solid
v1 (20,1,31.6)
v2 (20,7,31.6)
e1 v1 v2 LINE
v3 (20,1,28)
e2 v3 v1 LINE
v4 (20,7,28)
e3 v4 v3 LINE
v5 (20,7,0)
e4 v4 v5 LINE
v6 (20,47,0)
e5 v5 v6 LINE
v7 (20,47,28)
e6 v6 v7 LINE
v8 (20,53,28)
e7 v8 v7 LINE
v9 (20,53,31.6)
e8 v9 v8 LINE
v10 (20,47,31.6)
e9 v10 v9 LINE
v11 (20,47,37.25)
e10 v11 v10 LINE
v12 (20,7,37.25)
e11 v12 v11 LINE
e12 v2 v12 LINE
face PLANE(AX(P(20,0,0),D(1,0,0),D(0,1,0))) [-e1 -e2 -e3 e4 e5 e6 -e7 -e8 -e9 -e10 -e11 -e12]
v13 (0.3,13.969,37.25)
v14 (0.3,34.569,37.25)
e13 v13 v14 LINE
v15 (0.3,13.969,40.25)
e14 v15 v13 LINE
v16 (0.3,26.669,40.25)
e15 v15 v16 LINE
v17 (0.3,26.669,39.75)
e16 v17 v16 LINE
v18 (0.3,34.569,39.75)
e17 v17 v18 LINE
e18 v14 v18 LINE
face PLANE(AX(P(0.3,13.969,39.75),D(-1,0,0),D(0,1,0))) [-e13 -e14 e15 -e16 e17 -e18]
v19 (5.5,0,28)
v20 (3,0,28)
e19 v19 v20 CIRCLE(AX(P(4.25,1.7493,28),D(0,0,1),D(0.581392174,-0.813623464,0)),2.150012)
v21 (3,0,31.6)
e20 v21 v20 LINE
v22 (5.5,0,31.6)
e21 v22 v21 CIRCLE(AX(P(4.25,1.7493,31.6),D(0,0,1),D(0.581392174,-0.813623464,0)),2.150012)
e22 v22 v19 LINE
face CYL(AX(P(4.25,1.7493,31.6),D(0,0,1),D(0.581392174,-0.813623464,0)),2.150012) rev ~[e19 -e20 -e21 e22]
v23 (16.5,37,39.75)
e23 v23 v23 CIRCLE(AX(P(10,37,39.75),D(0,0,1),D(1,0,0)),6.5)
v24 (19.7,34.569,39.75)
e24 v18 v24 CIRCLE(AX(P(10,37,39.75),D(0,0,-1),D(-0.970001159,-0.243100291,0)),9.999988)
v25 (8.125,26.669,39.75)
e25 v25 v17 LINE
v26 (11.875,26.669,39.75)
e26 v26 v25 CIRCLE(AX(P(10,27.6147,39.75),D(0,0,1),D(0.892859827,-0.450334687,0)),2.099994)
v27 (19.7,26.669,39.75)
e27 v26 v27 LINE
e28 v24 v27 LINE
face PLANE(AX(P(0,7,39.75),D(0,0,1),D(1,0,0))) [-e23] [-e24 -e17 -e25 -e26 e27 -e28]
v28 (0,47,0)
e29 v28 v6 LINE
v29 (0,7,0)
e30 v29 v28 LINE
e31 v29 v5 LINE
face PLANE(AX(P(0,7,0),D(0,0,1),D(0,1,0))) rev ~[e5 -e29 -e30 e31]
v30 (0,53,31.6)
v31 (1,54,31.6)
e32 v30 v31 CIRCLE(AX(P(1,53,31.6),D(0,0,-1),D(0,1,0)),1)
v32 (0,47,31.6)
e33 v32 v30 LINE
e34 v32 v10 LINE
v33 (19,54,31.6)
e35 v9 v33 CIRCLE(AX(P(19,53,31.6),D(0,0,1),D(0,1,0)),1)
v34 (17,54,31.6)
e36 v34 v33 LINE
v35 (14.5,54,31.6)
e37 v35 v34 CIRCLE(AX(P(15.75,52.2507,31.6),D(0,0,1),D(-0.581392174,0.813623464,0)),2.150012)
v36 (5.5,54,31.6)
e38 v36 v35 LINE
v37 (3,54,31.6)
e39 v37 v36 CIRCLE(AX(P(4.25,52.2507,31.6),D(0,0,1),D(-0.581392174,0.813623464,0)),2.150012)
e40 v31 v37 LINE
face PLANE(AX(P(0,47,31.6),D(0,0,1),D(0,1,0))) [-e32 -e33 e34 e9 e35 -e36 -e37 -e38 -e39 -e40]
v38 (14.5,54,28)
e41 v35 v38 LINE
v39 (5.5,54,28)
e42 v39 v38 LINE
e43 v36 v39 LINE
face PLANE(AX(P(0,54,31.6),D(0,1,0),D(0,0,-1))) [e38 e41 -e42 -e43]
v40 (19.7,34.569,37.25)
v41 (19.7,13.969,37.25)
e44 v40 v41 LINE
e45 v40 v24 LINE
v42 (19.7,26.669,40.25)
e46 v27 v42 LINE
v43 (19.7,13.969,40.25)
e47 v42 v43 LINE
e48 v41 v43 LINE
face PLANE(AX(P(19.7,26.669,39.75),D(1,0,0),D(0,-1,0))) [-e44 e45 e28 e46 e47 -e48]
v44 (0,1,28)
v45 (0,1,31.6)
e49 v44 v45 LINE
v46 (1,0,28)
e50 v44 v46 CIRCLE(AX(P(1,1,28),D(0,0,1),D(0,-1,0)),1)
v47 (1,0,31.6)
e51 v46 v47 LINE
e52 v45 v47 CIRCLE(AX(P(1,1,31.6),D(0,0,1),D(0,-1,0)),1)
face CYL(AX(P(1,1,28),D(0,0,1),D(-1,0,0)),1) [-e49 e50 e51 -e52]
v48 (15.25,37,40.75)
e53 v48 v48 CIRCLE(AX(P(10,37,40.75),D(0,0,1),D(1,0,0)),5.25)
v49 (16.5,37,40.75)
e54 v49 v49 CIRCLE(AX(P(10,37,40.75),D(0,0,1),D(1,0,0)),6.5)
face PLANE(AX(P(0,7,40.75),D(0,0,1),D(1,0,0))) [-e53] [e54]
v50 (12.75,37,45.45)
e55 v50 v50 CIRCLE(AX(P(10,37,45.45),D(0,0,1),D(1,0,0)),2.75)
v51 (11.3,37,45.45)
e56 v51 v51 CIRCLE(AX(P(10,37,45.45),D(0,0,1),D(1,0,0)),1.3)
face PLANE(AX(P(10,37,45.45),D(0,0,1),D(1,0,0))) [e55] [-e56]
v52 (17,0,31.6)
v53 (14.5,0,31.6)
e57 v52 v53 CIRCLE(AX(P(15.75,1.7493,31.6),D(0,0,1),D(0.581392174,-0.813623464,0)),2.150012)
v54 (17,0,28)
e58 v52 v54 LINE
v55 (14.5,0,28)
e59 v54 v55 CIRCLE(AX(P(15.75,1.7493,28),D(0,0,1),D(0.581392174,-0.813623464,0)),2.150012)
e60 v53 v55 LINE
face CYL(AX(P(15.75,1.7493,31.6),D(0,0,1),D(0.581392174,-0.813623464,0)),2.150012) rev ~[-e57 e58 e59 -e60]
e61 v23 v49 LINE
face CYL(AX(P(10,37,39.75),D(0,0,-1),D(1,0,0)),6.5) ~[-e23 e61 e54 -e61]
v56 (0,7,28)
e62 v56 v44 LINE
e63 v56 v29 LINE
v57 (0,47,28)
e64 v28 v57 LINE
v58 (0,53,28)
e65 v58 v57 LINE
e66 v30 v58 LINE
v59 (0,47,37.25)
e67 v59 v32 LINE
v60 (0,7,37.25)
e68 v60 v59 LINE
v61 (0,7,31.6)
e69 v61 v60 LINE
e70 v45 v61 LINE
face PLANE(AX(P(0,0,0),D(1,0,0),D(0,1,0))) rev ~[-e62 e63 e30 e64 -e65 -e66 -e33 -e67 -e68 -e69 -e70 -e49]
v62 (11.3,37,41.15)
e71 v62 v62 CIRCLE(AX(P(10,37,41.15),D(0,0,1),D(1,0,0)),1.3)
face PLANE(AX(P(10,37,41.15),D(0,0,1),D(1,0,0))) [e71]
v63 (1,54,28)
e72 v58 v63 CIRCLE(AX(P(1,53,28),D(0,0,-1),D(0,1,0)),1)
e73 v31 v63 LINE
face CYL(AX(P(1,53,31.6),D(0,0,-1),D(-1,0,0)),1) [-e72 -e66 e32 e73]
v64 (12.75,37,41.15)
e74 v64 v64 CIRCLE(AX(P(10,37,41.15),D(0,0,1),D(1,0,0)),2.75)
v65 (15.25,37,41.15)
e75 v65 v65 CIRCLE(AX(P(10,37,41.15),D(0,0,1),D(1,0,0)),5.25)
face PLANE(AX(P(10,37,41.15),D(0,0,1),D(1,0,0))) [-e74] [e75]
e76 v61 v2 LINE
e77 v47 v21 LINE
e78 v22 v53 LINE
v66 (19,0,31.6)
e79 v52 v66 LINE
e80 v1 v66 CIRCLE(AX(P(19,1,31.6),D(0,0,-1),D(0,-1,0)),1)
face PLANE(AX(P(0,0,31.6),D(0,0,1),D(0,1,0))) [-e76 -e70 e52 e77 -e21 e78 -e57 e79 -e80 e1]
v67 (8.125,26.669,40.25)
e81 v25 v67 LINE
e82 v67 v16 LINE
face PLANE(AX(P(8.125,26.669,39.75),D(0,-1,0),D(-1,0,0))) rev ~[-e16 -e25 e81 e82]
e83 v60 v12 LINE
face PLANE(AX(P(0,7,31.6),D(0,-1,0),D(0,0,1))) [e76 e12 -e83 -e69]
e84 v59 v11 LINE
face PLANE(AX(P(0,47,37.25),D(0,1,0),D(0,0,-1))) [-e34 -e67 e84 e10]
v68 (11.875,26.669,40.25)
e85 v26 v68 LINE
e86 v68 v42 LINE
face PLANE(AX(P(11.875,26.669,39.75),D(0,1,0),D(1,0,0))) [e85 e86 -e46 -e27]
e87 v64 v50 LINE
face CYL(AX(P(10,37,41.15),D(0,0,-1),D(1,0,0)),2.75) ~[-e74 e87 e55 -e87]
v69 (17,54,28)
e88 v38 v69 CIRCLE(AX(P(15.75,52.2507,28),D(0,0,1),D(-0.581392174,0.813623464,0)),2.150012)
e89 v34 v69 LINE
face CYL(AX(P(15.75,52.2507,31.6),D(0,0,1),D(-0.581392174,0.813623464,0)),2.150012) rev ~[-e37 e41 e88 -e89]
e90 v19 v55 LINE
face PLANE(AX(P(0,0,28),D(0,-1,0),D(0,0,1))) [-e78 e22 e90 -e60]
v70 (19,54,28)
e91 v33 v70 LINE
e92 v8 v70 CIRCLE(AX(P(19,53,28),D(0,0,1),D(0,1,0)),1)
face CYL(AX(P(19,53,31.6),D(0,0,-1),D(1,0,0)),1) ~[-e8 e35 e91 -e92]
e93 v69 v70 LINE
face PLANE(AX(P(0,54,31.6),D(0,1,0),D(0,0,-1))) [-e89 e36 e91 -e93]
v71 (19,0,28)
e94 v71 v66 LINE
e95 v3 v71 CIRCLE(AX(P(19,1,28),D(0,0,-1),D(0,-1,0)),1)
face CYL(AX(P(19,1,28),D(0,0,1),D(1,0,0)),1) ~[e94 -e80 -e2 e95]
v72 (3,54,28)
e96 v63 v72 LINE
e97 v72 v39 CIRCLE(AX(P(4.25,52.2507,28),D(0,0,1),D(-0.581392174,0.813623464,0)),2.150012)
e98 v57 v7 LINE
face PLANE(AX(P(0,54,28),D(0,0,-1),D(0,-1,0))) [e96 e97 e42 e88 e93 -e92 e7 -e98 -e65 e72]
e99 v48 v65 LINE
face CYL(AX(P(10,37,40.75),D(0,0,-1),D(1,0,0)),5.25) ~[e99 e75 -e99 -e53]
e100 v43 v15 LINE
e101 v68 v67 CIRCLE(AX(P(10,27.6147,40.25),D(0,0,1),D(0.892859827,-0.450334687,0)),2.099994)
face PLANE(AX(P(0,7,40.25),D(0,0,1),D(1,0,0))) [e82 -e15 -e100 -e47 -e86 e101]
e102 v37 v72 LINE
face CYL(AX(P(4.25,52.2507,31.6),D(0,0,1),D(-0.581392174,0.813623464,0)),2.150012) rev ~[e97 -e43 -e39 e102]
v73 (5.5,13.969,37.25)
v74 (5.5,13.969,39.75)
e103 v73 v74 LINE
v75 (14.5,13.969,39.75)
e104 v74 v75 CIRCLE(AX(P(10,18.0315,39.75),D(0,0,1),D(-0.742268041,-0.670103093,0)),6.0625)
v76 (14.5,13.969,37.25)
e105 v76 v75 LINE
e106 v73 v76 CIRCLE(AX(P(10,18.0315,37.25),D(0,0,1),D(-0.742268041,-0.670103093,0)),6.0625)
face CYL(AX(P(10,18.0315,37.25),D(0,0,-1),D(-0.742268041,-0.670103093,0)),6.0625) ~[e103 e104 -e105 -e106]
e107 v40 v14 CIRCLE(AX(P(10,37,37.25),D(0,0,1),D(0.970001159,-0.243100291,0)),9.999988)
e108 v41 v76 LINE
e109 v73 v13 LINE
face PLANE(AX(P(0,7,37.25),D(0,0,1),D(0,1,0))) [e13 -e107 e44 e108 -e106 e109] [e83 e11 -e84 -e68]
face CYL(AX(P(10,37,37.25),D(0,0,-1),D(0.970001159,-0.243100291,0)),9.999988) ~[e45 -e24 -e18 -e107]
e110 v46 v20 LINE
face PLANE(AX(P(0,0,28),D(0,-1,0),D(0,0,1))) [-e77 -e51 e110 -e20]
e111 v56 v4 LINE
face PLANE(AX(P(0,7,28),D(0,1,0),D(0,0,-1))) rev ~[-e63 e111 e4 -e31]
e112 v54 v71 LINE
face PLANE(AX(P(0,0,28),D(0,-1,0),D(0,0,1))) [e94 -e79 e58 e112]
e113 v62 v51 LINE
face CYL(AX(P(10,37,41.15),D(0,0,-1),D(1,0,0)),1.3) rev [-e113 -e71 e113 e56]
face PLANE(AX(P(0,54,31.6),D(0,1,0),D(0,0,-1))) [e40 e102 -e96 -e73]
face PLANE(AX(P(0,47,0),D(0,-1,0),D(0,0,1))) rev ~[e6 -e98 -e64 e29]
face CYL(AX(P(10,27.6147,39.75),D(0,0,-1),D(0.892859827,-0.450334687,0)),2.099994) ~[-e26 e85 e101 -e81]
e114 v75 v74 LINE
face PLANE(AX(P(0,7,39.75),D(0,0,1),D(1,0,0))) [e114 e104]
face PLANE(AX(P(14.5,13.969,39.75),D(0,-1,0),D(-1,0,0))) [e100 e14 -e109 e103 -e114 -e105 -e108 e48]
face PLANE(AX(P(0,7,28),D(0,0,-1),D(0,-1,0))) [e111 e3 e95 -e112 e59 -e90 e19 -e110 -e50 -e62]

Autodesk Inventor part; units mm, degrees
ref_plane "YZ Plane" through (0, 0, 0) normal (1, 0, 0) x (0, 1, 0)
ref_plane "XZ Plane" through (0, 0, 0) normal (0, 1, 0) x (-1, 0, 0)
ref_plane "XY Plane" through (0, 0, 0) normal (0, 0, 1) x (1, 0, 0)
sketch "Sketch1" plane through (0, 0, 0) normal (1, 0, 0) x (0, 1, 0)
  line L0 (0, 0) -> (0, 38) construction
  line L1 (7, 0) -> (47, 0)
  line L2 (0, 0) -> (7, 0)
  line L3 (7, 0) -> (47, 0)
  line L4 (47, 0) -> (47, 28)
  line L5 (7, 28) -> (7, 0)
  line L6 (47, 28) -> (54, 28) construction
  line L7 (54, 0) -> (54, 47.2) construction
  line L8 (54, 47.2) -> (0, 47.2) construction
  line L9 (0, 28) -> (0, 31.6)
  line L10 (54, 31.6) -> (54, 28)
  line L11 (7, 31.6) -> (7, 37.25)
  line L12 (7, 37.25) -> (47, 37.25)
  line L13 (47, 37.25) -> (47, 31.6)
  line L14 (0, 31.6) -> (7, 31.6)
  line L15 (47, 31.6) -> (54, 31.6)
  line L16 (54, 28) -> (47, 28)
  line L17 (7, 28) -> (0, 28)
  dimension "d0" = 38
  dimension "d1" = 54
  dimension "d3" = 40
  dimension "d4" = 28
  dimension "d5" = 47.2
  dimension "d6" = 3.6
  dimension "d7" = 5.65
  dimension "d49" = 28
  dimension "d50" = 5.65
  dimension "d51" = 3.6
extrude "Extrusion1" add sketch "Sketch1" along normal blind 20
sketch "Sketch2" plane through (0, 7, 37.25) normal (0, 0, 1) x (1, 0, 0)
  line L0 (0, 40) -> (0, 0) projected
  line L1 (0, 0) -> (20, 0) projected
  line L2 (20, 40) -> (20, 0) projected
  line L3 (0, 40) -> (20, 40) projected
  line L4 (10, 39.7) -> (10, 30)
  line L5 (0, 0) -> (0, 40) projected
  circle A0 centre (10, 30) radius 1.3
  circle A1 centre (10, 30) radius 3
  arc A2 (19.7, 27.569) -> (0.3, 27.569) centre (10, 30) ccw
  line L6 (19.7, 27.569) -> (19.7, 6.969)
  line L7 (0.3, 6.969) -> (0.3, 27.569)
  arc A3 (5.5, 6.969) -> (14.5, 6.969) centre (10, 11.0315) ccw
  line L8 (19.7, 6.969) -> (14.5, 6.969)
  line L9 (5.5, 6.969) -> (0.3, 6.969)
  line L10 (10, 6.969) -> (10, 4.969) construction
  point P0 (0, -7)
  dimension "d11" = 9.7
  dimension "d12" = 2.6
  dimension "d13" = 6
  dimension "d14" = 20.6
  dimension "d19" = 9
  dimension "d20" = 2
extrude "Extrusion2" add sketch "Sketch2" along normal blind 2.5 contours A2 L6 L8 A3 L9 L7 | A0 | A1
sketch "Sketch3" plane through (0, 7, 39.75) normal (0, 0, 1) x (1, 0, 0)
  line L0 (14.5, 6.969) -> (19.7, 6.969) projected
  line L1 (0.3, 6.969) -> (0.3, 27.569) projected
  line L2 (19.7, 6.969) -> (0.3, 6.969)
  line L3 (0.3, 6.969) -> (0.3, 19.669)
  line L4 (19.7, 19.669) -> (19.7, 6.969)
  arc A0 (11.875, 19.669) -> (8.125, 19.669) centre (10, 20.6147) ccw
  line L5 (8.125, 19.669) -> (0.3, 19.669)
  line L6 (11.875, 19.669) -> (19.7, 19.669)
  point P0 (0, -7)
  dimension "d21" = 12.7
  dimension "d25" = 2.1
  dimension "d26" = 3.75
extrude "Extrusion3" add sketch "Sketch3" along normal blind 0.5
sketch "Sketch4" plane through (0, 7, 39.75) normal (0, 0, 1) x (1, 0, 0)
  line L0 (11.875, 19.669) -> (19.7, 19.669) projected
  line L1 (19.7, 19.669) -> (19.7, 27.569) projected
  arc A0 (19.7, 27.569) -> (0.3, 27.569) centre (10, 30) ccw projected
  line L2 (0.3, 27.569) -> (0.3, 19.669) projected
  line L3 (0.3, 19.669) -> (8.125, 19.669) projected
  arc A1 (11.875, 19.669) -> (8.125, 19.669) centre (10, 20.6147) ccw projected
  circle A2 centre (10, 30) radius 6.5
  point P0 (0, -7)
  dimension "d29" = 13
extrude "Extrusion4" add sketch "Sketch4" along normal blind 1 contours A2
sketch "Sketch5" plane through (10, 37, 40.75) normal (0, 0, 1) x (1, 0, 0)
  circle A0 centre (0, 0) radius 5.25
  point P0 (-10, -37)
  dimension "d32" = 10.5
extrude "Extrusion5" add sketch "Sketch5" along normal blind 0.4
sketch "Sketch6" plane through (10, 37, 41.15) normal (0, 0, 1) x (1, 0, 0)
  circle A0 centre (0, 0) radius 2.75
  circle A1 centre (0, 0) radius 1.3
  point P0 (-10, -37)
  dimension "d35" = 5.5
  dimension "d36" = 2.6
extrude "Extrusion6" add sketch "Sketch6" along normal blind 4.3
sketch "Sketch7" plane through (0, 0, 31.6) normal (0, 0, 1) x (1, 0, 0)
  line L0 (0, 7) -> (0, 0) projected
  line L1 (0, 0) -> (20, 0) projected
  line L2 (20, 7) -> (20, 0) projected
  line L3 (0, 7) -> (20, 7) projected
  line L4 (0, 54) -> (0, 47) projected
  line L5 (0, 47) -> (20, 47) projected
  line L6 (20, 54) -> (20, 47) projected
  line L7 (0, 54) -> (20, 54) projected
  line L8 (0, 0) -> (3, 0)
  arc A0 (5.5, 0) -> (3, 0) centre (4.25, 1.7493) ccw
  line L9 (10, 0) -> (10, 5.7084)
  arc A1 (17, 0) -> (14.5, 0) centre (15.75, 1.7493) ccw
  line L10 (17, 0) -> (14.5, 0)
  line L11 (0, 7) -> (0, 47) projected
  line L12 (0, 27) -> (24.9803, 27)
  line L13 (0, 54) -> (20, 54)
  line L14 (0, 54) -> (20, 54)
  line L15 (3, 54) -> (5.5, 54)
  arc A2 (3, 54) -> (5.5, 54) centre (4.25, 52.2507) ccw
  arc A3 (14.5, 54) -> (17, 54) centre (15.75, 52.2507) ccw
  line L16 (17, 54) -> (14.5, 54)
  line L17 (5.5, 54) -> (3, 54)
  line L18 (0, 54) -> (20, 54) projected
  line L19 (5.5, 0) -> (3, 0)
  point P0 (14.5, 54)
  point P1 (5.5, 54)
  point P2 (3, 54)
  point P3 (17, 0)
  point P4 (14.5, 0)
  point P5 (5.5, 0)
  point P6 (3, 0)
  dimension "d39" = 3
  dimension "d40" = 2.5
  dimension "d42" = 2.15
  dimension "d44" = 2.5
  dimension "d45" = 2.15
extrude "Extrusion7" cut sketch "Sketch7" against normal up to surface (3.6 mm away) contours A0 L1 | L1 A1 | L7 A2 | A3 L7
fillet "Fillet1" radius 1 4 edges at (0, 0, 29.8) (20, 0, 29.8) (0, 54, 29.8) (20, 54, 29.8)
properties part number "Motor Mg995"
